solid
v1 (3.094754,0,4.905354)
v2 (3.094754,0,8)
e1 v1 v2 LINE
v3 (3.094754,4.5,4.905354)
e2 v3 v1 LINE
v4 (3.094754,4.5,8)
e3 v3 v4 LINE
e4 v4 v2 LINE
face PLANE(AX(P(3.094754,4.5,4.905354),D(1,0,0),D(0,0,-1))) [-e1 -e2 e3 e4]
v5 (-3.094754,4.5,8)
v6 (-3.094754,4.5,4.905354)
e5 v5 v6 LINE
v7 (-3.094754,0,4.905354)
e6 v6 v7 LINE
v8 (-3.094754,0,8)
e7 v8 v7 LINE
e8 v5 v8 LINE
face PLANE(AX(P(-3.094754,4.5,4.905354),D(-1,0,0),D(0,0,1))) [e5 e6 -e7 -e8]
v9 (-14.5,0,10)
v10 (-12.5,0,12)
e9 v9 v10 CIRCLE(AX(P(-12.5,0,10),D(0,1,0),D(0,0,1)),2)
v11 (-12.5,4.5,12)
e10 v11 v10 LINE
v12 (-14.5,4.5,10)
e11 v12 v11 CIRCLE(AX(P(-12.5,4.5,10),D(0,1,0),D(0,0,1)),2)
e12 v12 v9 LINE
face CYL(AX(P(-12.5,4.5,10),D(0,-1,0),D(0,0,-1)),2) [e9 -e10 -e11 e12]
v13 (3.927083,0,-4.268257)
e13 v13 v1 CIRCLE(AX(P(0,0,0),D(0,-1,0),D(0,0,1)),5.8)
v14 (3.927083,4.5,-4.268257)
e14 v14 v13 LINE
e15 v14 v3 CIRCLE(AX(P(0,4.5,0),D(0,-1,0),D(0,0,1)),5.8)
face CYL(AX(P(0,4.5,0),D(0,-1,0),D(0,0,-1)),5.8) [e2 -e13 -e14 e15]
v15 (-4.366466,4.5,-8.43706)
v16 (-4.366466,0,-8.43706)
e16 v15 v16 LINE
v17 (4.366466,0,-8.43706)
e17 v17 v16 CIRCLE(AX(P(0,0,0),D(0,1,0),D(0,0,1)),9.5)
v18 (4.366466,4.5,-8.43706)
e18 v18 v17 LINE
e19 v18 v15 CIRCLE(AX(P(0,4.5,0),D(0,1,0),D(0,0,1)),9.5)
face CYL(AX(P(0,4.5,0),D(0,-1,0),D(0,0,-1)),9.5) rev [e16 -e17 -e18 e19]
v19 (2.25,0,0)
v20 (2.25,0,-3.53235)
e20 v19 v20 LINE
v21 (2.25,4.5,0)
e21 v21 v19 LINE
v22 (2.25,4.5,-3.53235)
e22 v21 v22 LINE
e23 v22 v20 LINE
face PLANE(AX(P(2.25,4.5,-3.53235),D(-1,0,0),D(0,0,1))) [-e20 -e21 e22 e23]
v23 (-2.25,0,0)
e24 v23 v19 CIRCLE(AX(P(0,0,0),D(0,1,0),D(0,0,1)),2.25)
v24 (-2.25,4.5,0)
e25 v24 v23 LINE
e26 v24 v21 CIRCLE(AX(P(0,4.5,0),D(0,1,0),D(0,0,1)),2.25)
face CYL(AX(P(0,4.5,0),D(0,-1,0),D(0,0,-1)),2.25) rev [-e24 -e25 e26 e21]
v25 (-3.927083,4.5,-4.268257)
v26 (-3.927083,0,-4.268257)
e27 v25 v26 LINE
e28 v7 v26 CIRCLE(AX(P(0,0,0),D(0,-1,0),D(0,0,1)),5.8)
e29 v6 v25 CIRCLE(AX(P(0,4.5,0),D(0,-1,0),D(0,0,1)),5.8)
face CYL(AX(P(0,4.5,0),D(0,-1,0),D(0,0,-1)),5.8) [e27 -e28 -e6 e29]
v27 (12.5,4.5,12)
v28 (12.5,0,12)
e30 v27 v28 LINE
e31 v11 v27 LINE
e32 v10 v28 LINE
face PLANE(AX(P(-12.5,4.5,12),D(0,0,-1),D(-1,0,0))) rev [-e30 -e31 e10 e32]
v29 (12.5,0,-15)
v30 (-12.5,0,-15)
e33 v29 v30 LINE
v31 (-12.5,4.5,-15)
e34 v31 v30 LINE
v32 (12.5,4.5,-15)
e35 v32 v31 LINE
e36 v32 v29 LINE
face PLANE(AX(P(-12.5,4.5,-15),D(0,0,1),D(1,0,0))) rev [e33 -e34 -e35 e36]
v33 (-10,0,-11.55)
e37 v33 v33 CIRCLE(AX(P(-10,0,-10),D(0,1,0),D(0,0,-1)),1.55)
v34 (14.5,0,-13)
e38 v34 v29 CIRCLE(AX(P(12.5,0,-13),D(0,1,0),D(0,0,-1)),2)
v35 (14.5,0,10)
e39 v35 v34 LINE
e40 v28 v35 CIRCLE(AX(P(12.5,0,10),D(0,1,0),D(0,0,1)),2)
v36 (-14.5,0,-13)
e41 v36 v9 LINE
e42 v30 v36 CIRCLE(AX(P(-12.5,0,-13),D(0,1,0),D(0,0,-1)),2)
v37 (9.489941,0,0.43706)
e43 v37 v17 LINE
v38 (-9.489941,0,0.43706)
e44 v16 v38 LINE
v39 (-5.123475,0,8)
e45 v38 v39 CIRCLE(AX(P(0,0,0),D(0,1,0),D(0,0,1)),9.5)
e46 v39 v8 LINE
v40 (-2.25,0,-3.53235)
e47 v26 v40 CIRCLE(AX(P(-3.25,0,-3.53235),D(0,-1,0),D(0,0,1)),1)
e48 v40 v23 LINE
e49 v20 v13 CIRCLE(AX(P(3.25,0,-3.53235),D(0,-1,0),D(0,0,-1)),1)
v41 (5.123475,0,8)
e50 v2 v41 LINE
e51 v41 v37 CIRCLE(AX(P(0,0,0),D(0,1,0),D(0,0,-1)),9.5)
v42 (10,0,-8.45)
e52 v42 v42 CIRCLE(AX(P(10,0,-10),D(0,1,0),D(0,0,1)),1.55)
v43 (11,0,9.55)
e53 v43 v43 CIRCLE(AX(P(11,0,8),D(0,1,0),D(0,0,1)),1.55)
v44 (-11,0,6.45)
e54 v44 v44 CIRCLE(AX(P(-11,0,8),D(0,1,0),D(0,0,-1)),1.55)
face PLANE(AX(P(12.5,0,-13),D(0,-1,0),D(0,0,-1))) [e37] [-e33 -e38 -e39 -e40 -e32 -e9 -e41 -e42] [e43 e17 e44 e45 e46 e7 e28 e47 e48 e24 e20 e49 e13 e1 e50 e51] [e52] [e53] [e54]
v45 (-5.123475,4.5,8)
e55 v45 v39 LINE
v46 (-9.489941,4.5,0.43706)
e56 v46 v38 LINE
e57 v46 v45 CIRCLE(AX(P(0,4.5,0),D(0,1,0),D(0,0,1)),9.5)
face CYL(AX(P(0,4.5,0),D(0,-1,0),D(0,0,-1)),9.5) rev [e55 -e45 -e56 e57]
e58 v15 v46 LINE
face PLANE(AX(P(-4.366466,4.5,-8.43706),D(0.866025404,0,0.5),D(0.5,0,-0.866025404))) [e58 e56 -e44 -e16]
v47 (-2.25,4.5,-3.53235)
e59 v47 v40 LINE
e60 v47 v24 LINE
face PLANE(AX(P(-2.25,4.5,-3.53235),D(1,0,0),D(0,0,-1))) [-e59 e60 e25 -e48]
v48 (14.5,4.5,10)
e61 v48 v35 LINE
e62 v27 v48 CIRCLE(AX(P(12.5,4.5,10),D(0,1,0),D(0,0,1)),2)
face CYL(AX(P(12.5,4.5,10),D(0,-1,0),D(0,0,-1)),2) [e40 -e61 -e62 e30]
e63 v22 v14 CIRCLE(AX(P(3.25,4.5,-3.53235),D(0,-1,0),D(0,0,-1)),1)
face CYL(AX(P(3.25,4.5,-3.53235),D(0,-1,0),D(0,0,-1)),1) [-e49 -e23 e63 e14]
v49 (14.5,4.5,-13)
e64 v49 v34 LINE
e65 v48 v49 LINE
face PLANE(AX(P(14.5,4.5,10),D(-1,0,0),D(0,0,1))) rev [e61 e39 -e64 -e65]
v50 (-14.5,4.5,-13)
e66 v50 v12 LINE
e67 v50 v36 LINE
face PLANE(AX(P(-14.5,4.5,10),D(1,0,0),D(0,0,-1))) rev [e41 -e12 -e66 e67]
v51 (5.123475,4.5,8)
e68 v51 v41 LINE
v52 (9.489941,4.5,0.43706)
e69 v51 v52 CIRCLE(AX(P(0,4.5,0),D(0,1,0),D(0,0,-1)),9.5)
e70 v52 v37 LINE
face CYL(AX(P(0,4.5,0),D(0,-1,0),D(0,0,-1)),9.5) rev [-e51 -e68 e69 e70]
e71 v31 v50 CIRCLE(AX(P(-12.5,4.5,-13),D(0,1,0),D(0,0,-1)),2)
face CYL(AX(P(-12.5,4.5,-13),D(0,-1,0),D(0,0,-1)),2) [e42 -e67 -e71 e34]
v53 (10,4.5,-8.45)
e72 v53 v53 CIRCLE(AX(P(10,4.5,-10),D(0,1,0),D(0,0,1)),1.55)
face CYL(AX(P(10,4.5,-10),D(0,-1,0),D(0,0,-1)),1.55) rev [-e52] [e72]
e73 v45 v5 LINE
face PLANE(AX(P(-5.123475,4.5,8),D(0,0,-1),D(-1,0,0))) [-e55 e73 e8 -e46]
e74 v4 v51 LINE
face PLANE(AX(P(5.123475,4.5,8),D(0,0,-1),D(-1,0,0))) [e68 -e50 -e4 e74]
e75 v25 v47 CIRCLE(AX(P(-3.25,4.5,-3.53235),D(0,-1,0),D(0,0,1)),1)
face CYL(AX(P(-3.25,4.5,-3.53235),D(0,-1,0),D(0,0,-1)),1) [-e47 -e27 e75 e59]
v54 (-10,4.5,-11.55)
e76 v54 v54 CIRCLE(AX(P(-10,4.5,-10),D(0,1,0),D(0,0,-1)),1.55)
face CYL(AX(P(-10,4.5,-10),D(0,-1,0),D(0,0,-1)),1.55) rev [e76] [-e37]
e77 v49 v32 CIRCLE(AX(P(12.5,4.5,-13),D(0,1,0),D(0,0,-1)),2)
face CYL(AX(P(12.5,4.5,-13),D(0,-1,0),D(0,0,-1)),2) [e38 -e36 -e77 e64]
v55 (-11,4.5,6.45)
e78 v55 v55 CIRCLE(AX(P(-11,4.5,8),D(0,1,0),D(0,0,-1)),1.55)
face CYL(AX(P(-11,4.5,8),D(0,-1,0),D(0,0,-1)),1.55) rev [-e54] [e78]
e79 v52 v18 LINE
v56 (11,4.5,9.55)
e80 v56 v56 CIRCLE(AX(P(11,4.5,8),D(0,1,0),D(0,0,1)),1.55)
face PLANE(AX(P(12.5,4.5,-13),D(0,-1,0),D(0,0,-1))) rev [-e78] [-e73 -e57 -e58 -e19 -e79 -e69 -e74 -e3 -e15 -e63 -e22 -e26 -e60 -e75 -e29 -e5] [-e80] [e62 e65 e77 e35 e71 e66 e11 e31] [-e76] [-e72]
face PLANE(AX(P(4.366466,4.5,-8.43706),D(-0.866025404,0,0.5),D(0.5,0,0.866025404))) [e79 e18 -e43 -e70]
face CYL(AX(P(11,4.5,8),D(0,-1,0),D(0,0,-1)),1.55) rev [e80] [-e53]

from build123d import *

# Parameters (mm, degrees)
SKETCH3_R           = 1.55
BOSS_EXTRUDE1_DEPTH = 4.5


with BuildPart() as part:
    # Sketch3 → Boss-Extrude1 (new body)
    with BuildSketch(Plane(origin=(0, 0, 0), x_dir=(1, 0, 0), z_dir=(0, 1, 0))):
        with BuildLine():
            Line((-14.5, -10), (-14.5, 13))
            ThreePointArc((-14.5, 13), (-13.914213562, 14.414213562), (-12.5, 15))
            Line((-12.5, 15), (12.5, 15))
            ThreePointArc((12.5, 15), (13.914213562, 14.414213562), (14.5, 13))
            Line((14.5, 13), (14.5, -10))
            ThreePointArc((14.5, -10), (13.914213562, -11.414213562), (12.5, -12))
            Line((12.5, -12), (-12.5, -12))
            ThreePointArc((-12.5, -12), (-13.914213562, -11.414213562), (-14.5, -10))
        make_face()
        with Locations(Location((10, 10, 0), (0, 0, 270))):
            Circle(SKETCH3_R, mode=Mode.SUBTRACT)
        with Locations(Location((11, -8, 0), (0, 0, 270))):
            Circle(SKETCH3_R, mode=Mode.SUBTRACT)
        with Locations(Location((-11, -8, 0), (0, 0, 90))):
            Circle(SKETCH3_R, mode=Mode.SUBTRACT)
        with Locations(Location((-10, 10, 0), (0, 0, 90))):
            Circle(SKETCH3_R, mode=Mode.SUBTRACT)
        with BuildLine():
            Line((3.094753625, -4.905354218), (3.094753625, -8))
            Line((3.094753625, -8), (5.123475383, -8))
            ThreePointArc((5.123475383, -8), (8.227241336, -4.75), (9.489940922, -0.437059837))
            Line((9.489940922, -0.437059837), (4.366465539, 8.437059837))
            ThreePointArc((4.366465539, 8.437059837), (0, 9.5), (-4.366465539, 8.437059837))
            Line((-4.366465539, 8.437059837), (-9.489940922, -0.437059837))
            ThreePointArc((-9.489940922, -0.437059837), (-8.227241336, -4.75), (-5.123475383, -8))
            Line((-5.123475383, -8), (-3.094753625, -8))
            Line((-3.094753625, -8), (-3.094753625, -4.905354218))
            ThreePointArc((-3.094753625, -4.905354218), (-5.776273327, -0.524086301), (-3.927083333, 4.268256845))
            ThreePointArc((-3.927083333, 4.268256845), (-2.848181218, 4.4480697), (-2.25, 3.532350492))
            Line((-2.25, 3.532350492), (-2.25, 0))
            ThreePointArc((-2.25, 0), (0, -2.25), (2.25, 0))
            Line((2.25, 0), (2.25, 3.532350492))
            ThreePointArc((2.25, 3.532350492), (2.848181218, 4.4480697), (3.927083333, 4.268256845))
            ThreePointArc((3.927083333, 4.268256845), (5.776273327, -0.524086301), (3.094753625, -4.905354218))
        make_face(mode=Mode.SUBTRACT)
    extrude(amount=BOSS_EXTRUDE1_DEPTH)


solid = part.part
